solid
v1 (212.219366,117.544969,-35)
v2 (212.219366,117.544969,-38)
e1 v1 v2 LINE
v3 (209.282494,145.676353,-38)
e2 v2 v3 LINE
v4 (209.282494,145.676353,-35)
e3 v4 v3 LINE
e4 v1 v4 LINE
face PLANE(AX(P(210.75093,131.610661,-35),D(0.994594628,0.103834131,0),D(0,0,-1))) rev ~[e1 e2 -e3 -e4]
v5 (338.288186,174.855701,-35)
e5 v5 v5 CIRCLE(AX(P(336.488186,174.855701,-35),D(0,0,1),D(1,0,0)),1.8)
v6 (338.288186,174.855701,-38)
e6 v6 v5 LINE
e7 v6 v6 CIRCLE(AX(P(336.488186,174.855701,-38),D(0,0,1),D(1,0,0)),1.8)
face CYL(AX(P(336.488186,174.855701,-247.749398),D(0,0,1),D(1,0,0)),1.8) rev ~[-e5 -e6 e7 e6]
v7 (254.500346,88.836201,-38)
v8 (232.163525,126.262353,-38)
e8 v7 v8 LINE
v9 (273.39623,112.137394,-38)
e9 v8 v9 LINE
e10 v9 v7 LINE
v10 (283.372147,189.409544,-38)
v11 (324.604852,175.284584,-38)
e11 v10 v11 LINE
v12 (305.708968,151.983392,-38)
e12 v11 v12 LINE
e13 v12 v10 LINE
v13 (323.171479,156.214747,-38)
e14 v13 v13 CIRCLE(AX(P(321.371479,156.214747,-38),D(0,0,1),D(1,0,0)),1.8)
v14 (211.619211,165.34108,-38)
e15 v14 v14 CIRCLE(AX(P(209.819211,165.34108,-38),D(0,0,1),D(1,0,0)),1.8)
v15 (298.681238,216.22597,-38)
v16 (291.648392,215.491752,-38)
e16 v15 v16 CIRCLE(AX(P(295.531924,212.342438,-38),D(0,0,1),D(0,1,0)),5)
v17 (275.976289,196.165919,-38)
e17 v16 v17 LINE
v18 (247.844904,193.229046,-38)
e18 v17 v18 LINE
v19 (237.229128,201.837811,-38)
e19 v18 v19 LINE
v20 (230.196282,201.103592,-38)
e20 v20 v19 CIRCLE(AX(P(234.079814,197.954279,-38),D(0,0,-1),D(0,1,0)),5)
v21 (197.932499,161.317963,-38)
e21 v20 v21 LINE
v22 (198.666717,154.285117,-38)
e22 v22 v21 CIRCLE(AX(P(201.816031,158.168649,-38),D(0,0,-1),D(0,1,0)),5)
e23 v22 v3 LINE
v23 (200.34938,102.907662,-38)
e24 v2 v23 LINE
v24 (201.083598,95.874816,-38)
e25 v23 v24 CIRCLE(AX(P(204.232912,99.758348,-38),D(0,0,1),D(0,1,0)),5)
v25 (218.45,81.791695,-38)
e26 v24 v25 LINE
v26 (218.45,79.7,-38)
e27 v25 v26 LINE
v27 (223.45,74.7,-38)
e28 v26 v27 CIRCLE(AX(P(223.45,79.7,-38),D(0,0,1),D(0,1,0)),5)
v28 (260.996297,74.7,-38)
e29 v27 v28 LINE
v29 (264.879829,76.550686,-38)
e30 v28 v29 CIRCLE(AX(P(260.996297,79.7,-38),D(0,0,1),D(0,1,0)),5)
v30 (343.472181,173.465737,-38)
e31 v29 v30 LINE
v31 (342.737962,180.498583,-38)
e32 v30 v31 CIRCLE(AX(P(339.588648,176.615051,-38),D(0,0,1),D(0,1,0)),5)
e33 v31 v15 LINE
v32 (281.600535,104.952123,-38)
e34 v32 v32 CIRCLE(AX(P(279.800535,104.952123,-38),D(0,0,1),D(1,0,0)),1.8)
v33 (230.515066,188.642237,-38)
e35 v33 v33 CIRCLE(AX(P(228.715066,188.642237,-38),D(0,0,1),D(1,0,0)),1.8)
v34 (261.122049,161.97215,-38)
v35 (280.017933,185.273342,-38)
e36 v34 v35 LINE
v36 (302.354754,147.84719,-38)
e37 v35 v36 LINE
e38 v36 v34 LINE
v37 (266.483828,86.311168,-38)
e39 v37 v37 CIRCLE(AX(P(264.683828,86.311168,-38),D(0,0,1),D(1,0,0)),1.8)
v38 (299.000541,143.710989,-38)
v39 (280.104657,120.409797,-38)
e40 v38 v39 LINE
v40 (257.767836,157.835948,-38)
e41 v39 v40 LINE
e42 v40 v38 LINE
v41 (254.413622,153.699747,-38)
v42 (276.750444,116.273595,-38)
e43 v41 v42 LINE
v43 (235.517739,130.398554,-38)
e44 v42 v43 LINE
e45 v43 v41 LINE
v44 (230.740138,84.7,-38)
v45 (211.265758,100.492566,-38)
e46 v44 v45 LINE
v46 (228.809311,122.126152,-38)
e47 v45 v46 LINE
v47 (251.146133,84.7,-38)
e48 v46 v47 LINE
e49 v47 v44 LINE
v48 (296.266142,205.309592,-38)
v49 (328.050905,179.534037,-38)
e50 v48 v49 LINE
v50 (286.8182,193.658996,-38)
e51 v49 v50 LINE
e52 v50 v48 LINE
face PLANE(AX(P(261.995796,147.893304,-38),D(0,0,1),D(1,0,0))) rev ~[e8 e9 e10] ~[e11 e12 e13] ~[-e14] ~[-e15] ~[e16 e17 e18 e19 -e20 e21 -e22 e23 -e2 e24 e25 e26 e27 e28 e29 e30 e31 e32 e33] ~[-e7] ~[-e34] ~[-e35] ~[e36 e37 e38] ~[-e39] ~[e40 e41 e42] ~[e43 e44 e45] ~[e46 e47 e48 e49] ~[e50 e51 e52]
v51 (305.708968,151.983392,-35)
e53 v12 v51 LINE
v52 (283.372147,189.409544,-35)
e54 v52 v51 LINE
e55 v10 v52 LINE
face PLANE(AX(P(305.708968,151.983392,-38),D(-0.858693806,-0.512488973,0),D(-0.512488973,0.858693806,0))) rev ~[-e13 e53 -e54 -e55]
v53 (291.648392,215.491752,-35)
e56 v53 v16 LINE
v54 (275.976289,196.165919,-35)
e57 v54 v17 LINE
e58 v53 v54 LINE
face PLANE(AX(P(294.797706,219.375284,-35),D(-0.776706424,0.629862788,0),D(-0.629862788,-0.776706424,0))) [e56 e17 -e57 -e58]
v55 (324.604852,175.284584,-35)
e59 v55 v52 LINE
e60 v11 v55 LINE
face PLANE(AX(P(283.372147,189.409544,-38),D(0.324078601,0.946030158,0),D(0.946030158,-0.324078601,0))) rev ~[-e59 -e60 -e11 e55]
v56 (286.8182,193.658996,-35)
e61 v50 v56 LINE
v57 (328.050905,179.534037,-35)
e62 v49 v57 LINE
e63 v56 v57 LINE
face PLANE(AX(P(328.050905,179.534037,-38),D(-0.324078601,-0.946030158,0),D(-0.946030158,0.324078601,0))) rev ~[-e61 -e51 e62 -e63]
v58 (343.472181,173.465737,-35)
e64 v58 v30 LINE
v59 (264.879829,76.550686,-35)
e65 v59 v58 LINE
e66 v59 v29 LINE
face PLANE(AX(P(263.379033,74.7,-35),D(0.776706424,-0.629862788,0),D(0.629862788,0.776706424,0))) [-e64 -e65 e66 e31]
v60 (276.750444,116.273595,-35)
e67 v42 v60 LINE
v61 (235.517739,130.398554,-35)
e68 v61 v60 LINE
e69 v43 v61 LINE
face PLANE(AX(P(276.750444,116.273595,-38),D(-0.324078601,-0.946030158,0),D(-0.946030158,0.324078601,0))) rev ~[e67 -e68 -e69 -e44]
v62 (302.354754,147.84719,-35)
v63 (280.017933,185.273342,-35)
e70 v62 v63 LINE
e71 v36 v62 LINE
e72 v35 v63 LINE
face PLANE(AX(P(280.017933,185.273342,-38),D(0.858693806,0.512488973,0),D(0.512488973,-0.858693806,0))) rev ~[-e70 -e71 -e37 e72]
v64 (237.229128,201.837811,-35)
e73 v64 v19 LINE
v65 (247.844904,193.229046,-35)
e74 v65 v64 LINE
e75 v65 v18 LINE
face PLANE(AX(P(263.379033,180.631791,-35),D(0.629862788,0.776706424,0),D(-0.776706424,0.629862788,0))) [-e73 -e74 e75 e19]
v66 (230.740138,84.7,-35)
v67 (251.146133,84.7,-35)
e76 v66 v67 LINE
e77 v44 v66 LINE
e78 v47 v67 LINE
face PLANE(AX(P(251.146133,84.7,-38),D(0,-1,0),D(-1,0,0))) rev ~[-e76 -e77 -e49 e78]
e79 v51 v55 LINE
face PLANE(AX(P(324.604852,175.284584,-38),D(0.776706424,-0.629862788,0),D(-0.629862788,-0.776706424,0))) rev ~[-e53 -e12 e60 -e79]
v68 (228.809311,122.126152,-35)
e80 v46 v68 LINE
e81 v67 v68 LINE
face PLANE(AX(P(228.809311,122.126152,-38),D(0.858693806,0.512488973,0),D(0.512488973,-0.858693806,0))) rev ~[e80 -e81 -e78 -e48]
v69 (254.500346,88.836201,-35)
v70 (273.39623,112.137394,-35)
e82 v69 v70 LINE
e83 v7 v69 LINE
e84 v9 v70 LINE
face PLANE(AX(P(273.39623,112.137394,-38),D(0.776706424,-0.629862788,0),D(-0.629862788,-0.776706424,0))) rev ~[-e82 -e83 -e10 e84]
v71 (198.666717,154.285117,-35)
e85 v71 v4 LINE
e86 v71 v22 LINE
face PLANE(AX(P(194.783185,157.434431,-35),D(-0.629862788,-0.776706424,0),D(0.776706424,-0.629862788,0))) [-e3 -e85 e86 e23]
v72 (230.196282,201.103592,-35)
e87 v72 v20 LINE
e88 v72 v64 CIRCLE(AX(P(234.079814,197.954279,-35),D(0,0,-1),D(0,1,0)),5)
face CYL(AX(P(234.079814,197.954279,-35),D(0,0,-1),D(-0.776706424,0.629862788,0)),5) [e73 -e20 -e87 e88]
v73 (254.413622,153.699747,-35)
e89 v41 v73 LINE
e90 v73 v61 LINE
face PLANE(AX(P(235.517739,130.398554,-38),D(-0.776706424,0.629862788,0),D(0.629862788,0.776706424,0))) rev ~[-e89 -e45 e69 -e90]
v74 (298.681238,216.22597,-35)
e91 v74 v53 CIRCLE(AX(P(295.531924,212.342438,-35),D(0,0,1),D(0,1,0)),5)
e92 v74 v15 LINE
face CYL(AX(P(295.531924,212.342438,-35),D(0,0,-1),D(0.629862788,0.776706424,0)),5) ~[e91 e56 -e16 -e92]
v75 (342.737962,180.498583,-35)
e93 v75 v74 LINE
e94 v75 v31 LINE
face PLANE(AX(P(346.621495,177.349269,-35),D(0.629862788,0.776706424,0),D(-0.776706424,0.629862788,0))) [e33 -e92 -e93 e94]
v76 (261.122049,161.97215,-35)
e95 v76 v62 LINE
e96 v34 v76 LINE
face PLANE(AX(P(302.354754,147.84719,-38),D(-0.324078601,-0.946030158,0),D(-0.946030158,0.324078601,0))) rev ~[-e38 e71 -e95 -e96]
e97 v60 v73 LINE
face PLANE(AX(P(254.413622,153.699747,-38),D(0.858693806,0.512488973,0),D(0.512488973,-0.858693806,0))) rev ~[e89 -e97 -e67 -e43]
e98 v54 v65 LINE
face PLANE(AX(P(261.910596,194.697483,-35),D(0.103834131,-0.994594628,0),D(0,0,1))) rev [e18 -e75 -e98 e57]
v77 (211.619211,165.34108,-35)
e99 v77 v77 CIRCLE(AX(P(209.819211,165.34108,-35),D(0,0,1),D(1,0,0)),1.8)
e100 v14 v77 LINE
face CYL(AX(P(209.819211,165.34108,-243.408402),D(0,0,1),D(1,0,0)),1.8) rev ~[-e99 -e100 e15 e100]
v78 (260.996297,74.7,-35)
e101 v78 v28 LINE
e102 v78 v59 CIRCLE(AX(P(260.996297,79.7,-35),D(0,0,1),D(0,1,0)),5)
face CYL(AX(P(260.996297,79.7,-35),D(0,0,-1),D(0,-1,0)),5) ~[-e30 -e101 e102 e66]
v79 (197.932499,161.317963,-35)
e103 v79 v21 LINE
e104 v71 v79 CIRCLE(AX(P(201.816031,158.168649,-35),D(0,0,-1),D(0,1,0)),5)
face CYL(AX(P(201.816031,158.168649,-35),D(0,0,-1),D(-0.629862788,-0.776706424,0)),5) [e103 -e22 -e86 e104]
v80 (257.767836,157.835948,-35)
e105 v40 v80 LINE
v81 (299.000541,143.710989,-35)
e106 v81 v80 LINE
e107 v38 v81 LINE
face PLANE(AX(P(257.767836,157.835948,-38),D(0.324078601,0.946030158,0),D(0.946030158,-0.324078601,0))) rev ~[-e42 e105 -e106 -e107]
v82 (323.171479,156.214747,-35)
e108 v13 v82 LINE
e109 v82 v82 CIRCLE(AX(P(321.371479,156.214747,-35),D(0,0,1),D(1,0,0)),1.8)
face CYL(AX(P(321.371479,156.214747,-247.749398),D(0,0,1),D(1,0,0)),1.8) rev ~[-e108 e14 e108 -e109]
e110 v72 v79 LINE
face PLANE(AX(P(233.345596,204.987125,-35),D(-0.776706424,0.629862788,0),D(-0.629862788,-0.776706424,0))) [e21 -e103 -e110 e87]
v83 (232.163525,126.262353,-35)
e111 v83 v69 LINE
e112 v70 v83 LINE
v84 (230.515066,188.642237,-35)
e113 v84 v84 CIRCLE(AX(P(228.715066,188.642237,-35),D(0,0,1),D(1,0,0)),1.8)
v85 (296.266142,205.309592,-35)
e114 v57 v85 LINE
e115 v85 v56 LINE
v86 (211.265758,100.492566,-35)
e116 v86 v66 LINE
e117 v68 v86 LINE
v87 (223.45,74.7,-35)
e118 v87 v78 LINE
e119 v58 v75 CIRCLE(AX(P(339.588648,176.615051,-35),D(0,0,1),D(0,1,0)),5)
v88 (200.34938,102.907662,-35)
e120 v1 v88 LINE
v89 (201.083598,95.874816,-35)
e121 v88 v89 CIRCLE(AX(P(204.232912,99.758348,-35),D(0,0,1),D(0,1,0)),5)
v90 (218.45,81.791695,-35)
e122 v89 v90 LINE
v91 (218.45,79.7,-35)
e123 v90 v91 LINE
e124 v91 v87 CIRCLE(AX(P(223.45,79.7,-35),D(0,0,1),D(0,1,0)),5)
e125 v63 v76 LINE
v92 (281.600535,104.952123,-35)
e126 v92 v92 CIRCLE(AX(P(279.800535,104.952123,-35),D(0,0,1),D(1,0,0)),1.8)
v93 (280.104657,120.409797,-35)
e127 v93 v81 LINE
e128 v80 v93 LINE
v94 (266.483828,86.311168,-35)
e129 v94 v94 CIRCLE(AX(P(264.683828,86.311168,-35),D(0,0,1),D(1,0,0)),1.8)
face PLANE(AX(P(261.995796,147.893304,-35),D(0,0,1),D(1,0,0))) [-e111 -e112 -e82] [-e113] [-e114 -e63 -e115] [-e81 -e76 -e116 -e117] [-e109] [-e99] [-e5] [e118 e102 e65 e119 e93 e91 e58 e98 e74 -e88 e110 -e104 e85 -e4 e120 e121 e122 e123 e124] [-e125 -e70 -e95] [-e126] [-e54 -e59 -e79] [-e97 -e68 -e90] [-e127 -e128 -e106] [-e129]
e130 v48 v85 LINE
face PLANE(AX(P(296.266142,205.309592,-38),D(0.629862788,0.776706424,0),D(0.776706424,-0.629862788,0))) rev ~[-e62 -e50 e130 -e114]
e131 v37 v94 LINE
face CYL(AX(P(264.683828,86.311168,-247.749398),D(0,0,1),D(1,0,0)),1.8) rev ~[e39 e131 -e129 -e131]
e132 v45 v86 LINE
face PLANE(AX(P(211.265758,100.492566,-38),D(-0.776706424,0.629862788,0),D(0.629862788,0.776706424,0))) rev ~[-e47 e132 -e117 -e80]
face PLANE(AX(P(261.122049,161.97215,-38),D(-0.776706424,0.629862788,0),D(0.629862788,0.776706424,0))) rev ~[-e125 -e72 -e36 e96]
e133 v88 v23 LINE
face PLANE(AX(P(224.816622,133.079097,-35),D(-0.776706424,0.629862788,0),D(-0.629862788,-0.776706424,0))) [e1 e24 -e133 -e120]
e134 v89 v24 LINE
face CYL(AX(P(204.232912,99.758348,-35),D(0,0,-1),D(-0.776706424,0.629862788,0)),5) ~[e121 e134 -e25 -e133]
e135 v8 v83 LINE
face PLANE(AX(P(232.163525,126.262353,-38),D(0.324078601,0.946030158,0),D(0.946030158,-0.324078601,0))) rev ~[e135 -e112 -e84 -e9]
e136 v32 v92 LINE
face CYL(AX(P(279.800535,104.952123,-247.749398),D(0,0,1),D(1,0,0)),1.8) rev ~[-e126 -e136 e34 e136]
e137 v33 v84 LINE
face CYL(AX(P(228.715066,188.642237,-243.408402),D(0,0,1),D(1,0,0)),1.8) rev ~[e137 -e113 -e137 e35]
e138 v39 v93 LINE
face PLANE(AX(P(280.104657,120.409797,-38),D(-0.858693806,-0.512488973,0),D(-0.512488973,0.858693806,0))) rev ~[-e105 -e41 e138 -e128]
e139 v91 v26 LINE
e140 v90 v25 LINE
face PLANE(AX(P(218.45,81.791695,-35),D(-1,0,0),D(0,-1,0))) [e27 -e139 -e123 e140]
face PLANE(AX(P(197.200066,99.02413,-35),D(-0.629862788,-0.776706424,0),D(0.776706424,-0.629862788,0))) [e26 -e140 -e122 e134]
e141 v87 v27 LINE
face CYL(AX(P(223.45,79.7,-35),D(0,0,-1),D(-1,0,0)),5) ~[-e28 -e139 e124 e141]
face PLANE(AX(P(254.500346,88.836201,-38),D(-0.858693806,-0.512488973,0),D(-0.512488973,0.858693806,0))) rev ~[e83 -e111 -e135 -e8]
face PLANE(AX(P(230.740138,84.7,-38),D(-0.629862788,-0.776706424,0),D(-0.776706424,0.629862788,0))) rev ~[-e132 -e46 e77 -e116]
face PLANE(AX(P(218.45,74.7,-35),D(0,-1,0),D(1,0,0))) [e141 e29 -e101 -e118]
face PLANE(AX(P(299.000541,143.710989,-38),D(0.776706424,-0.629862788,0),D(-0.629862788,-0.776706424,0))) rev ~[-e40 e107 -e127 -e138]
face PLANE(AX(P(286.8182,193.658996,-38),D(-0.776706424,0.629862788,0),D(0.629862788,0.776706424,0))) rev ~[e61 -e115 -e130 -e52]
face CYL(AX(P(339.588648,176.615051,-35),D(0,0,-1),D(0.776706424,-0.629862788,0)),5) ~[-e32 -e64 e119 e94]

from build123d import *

# Parameters (mm, degrees)
BOSS_EXTRUDE1_START  = -0.50441
BOSS_EXTRUDE1_DEPTH  = 3
M3_CLEARANCE_HOLE1_D = 3.6
CHAMFER1_SIZE        = 20
CUT_EXTRUDE1_DEPTH   = 9
FILLET1_R            = 5
M3_CLEARANCE_HOLE2_D = 3.6


with BuildPart() as part:
    # Sketch3 → Boss-Extrude1 (new body)
    with BuildSketch(Plane(origin=(0, 0, -35.504410209), x_dir=(-1, 0, 0), z_dir=(0, 0, -1)).offset(BOSS_EXTRUDE1_START)):
        Polygon((-218.449999836, 74.7), (-263.37903282, 74.7), (-346.621494542, 177.349268983), (-294.797705634, 219.375284435), (-263.37903282, 180.63179067), (-233.345595882, 204.98712461), (-194.783185306, 157.434431261), (-224.816622244, 133.079097321), (-197.200065818, 99.024129816), (-218.449999836, 81.791695172), align=None)
    extrude(amount=BOSS_EXTRUDE1_DEPTH)

    # M3 Clearance Hole1 (through all)
    with Locations(Plane(origin=(0, 0, -38), x_dir=(-1, 0, 0), z_dir=(0, 0, -1))):
        with Locations((-264.683828169, 86.311168448), (-279.800535078, 104.952122614), (-321.371479078, 156.214746571), (-336.488185987, 174.855700737)):
            Hole(M3_CLEARANCE_HOLE1_D / 2)

    # Chamfer1
    chamfer1_edges = [part.edges().sort_by_distance(p)[0] for p in [
        (224.816622244, 133.079097321, -36.500000209),
        (263.37903282, 180.63179067, -36.500000209),
    ]]
    chamfer(chamfer1_edges, length=CHAMFER1_SIZE)

    # Sketch11 → Cut-Extrude1 (cut)
    with BuildSketch(Plane(origin=(0, 0, -38), x_dir=(-1, 0, 0), z_dir=(0, 0, -1))):
        Polygon((-211.265757933, 100.492566173), (-228.809311315, 122.126151879), (-251.146132676, 84.7), (-230.74013843, 84.7), align=None)
        Polygon((-254.500346294, 88.836201271), (-232.163524933, 126.26235315), (-273.396229931, 112.137393978), align=None)
        Polygon((-235.517738552, 130.39855442), (-254.413622188, 153.699747128), (-276.750443549, 116.273595249), align=None)
        Polygon((-280.104657167, 120.40979652), (-257.767835806, 157.835948399), (-299.000540804, 143.710989227), align=None)
        Polygon((-261.122049425, 161.972149669), (-280.017933061, 185.273342377), (-302.354754422, 147.847190498), align=None)
        Polygon((-305.708968041, 151.983391768), (-283.372146679, 189.409543648), (-324.604851677, 175.284584476), align=None)
        Polygon((-286.818200173, 193.658995967), (-296.266141991, 205.309592321), (-328.050905171, 179.534036795), align=None)
    extrude(amount=-CUT_EXTRUDE1_DEPTH, mode=Mode.SUBTRACT)

    # Fillet1
    fillet1_edges = [part.edges().sort_by_distance(p)[0] for p in [
        (218.449999836, 74.7, -36.500000209),
        (197.200065818, 99.024129816, -36.500000209),
        (194.783185306, 157.434431261, -36.500000209),
        (233.345595882, 204.98712461, -36.500000209),
        (294.797705634, 219.375284435, -36.500000209),
        (346.621494542, 177.349268983, -36.500000209),
        (263.37903282, 74.7, -36.500000209),
    ]]
    fillet(fillet1_edges, radius=FILLET1_R)

    # M3 Clearance Hole2 (through all)
    with Locations(Plane(origin=(0, 0, -38), x_dir=(-1, 0, 0), z_dir=(0, 0, -1))):
        with Locations((-209.81921101, 165.341079734), (-228.715065901, 188.642236994)):
            Hole(M3_CLEARANCE_HOLE2_D / 2)


solid = part.part
